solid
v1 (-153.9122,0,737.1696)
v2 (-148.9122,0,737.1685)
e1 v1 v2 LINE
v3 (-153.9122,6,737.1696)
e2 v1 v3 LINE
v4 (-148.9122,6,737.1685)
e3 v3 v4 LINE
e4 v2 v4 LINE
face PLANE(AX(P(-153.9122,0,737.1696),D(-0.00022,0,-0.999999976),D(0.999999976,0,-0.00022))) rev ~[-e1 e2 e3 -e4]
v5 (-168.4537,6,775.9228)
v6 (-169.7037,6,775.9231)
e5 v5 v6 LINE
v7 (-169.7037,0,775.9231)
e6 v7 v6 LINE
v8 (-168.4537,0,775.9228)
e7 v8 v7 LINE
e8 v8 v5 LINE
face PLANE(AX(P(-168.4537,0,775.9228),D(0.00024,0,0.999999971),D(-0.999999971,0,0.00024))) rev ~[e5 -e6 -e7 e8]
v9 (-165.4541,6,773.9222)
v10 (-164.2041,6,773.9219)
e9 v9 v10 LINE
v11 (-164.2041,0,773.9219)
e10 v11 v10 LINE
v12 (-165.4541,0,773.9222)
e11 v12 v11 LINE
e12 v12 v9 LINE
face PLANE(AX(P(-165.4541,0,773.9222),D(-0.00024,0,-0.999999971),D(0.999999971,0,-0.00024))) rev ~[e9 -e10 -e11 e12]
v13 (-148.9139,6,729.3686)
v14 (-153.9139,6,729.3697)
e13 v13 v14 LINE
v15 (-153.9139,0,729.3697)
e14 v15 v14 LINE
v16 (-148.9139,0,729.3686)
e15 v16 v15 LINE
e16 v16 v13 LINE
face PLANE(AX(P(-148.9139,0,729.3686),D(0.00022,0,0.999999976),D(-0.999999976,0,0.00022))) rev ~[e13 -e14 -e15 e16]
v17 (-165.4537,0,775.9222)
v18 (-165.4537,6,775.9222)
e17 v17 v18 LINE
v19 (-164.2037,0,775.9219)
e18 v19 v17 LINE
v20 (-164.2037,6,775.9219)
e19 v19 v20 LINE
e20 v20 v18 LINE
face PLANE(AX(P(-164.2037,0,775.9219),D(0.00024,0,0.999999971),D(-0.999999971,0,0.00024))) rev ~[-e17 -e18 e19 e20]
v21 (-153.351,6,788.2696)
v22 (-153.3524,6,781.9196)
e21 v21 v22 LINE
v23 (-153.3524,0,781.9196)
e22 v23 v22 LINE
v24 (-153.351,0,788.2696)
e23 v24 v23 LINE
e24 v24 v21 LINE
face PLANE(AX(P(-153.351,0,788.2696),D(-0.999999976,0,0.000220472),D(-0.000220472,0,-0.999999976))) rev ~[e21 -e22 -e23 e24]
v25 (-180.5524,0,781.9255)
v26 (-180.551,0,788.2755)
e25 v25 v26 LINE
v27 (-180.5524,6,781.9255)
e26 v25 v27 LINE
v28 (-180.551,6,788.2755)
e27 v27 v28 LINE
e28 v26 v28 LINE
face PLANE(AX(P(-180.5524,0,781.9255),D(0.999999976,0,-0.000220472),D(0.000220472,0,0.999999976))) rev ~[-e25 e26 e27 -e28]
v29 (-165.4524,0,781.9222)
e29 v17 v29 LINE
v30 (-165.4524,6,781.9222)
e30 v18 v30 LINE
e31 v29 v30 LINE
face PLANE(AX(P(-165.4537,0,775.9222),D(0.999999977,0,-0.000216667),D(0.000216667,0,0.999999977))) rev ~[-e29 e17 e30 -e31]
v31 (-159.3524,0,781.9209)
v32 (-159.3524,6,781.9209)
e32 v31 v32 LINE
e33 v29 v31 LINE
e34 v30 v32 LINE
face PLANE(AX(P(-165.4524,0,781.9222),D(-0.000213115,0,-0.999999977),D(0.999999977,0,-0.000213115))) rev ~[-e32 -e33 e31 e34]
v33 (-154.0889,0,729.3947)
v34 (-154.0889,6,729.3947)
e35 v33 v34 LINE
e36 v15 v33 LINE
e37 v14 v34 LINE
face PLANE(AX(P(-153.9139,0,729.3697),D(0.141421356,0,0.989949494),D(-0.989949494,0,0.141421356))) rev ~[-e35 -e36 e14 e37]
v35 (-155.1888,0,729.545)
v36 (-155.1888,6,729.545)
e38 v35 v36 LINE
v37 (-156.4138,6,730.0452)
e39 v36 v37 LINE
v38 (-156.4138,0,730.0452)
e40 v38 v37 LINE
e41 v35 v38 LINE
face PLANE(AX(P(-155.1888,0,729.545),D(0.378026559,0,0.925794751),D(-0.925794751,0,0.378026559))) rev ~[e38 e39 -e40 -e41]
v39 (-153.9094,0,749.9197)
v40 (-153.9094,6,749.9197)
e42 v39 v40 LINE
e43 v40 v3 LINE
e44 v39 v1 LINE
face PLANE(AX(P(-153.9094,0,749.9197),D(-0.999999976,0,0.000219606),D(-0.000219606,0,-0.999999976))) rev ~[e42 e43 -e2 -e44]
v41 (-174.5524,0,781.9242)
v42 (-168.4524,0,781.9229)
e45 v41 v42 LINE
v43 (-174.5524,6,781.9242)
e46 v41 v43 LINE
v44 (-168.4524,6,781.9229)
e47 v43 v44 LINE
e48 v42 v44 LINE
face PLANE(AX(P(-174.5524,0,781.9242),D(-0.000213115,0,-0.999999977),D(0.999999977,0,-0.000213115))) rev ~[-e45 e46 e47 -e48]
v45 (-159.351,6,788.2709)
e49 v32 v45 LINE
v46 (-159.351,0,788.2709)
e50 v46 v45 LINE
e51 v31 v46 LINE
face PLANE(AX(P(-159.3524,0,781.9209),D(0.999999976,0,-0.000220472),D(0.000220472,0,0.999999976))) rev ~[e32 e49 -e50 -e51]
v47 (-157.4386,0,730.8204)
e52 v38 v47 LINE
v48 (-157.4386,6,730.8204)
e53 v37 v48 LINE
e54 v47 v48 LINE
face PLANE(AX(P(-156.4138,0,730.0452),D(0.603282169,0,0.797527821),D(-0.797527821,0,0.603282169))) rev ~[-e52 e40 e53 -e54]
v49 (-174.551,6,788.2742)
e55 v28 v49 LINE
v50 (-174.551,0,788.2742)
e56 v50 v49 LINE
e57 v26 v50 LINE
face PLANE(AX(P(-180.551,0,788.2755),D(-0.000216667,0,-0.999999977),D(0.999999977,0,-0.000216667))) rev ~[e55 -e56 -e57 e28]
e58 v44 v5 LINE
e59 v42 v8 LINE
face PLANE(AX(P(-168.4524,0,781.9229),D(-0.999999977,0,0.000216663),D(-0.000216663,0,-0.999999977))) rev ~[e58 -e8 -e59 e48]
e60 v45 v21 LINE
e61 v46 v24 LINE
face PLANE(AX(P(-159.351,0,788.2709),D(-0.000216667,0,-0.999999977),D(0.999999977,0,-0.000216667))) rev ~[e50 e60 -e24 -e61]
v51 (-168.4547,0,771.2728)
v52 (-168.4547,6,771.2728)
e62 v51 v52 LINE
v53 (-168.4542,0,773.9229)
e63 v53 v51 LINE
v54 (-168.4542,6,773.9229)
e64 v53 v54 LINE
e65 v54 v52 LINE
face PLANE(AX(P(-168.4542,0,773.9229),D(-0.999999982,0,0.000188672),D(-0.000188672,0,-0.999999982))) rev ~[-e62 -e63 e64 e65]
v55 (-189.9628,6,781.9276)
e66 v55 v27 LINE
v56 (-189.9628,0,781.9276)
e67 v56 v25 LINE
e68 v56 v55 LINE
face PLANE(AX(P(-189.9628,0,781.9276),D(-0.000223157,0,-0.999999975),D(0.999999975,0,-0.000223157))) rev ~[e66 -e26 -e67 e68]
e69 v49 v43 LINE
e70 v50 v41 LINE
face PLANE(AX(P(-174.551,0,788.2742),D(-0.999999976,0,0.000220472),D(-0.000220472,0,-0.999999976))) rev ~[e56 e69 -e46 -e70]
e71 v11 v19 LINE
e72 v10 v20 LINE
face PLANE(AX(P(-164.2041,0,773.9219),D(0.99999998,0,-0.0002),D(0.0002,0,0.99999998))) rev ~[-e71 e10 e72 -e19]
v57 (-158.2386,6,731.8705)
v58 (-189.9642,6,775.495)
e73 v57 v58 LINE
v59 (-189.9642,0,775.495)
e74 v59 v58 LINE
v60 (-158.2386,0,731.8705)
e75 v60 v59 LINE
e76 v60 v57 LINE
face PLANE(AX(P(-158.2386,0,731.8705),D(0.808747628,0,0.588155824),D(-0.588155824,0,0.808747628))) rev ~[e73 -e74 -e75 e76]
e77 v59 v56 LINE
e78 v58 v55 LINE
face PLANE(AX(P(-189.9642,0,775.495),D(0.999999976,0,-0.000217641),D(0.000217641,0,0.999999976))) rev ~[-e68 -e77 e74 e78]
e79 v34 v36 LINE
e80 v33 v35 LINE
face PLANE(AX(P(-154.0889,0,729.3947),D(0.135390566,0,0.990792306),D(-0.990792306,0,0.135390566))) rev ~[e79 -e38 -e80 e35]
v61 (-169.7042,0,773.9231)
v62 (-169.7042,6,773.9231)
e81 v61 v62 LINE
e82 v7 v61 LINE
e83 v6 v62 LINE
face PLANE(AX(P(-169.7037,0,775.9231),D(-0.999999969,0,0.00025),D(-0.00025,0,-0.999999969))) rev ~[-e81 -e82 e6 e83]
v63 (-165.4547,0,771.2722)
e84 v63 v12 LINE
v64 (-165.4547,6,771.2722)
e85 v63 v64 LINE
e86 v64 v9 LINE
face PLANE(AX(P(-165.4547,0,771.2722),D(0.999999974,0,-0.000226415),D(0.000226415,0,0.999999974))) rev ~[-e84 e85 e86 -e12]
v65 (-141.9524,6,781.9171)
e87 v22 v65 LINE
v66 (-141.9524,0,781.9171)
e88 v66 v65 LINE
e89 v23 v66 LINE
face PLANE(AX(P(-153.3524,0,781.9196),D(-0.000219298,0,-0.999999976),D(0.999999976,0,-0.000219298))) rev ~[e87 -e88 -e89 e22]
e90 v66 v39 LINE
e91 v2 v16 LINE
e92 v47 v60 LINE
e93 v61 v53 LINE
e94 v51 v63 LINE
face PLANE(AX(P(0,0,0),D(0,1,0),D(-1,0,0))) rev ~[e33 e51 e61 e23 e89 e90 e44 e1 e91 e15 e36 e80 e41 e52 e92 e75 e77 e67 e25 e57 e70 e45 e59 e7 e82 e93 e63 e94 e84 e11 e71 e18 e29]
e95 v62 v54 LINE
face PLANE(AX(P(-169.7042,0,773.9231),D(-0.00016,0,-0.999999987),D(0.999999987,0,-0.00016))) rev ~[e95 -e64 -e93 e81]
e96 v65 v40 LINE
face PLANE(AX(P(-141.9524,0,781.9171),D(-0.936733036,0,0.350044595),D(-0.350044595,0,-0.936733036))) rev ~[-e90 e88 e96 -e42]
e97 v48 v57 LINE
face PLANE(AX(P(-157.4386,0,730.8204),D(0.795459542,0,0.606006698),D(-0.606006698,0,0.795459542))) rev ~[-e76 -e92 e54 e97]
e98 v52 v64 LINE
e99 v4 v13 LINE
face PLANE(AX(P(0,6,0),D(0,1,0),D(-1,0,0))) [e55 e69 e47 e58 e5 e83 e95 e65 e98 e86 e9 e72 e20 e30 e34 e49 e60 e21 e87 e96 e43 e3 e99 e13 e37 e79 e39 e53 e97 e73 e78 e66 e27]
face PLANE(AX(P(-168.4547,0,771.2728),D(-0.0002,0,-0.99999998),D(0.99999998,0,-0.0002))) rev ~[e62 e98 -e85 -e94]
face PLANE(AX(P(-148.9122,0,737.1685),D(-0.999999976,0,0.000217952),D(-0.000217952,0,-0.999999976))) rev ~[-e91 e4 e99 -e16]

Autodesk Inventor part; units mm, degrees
ref_plane "YZ Plane" through (0, 0, 0) normal (1, 0, 0) x (0, 1, 0)
ref_plane "XZ Plane" through (0, 0, 0) normal (0, 1, 0) x (-1, 0, 0)
ref_plane "XY Plane" through (0, 0, 0) normal (0, 0, 1) x (1, 0, 0)
sketch "Sketch1" plane through (0, 0, 0) normal (0, 1, 0) x (-1, 0, 0)
  line L0 (180.5524, 781.9255) -> (180.551, 788.2755)
  line L1 (180.551, 788.2755) -> (174.551, 788.2742)
  line L2 (174.551, 788.2742) -> (174.5524, 781.9242)
  line L3 (174.5524, 781.9242) -> (168.4524, 781.9229)
  line L4 (168.4524, 781.9229) -> (168.4537, 775.9228)
  line L5 (168.4537, 775.9228) -> (169.7037, 775.9231)
  line L6 (169.7037, 775.9231) -> (169.7042, 773.9231)
  line L7 (169.7042, 773.9231) -> (168.4542, 773.9229)
  line L8 (168.4542, 773.9229) -> (168.4547, 771.2728)
  line L9 (168.4547, 771.2728) -> (165.4547, 771.2722)
  line L10 (165.4547, 771.2722) -> (165.4541, 773.9222)
  line L11 (165.4541, 773.9222) -> (164.2041, 773.9219)
  line L12 (164.2041, 773.9219) -> (164.2037, 775.9219)
  line L13 (164.2037, 775.9219) -> (165.4537, 775.9222)
  line L14 (165.4537, 775.9222) -> (165.4524, 781.9222)
  line L15 (165.4524, 781.9222) -> (159.3524, 781.9209)
  line L16 (159.3524, 781.9209) -> (159.351, 788.2709)
  line L17 (159.351, 788.2709) -> (153.351, 788.2696)
  line L18 (153.351, 788.2696) -> (153.3524, 781.9196)
  line L19 (153.3524, 781.9196) -> (141.9524, 781.9171)
  line L20 (141.9524, 781.9171) -> (153.9094, 749.9197)
  line L21 (153.9094, 749.9197) -> (153.9122, 737.1696)
  line L22 (153.9122, 737.1696) -> (148.9122, 737.1685)
  line L23 (148.9122, 737.1685) -> (148.9139, 729.3686)
  line L24 (148.9139, 729.3686) -> (153.9139, 729.3697)
  line L25 (153.9139, 729.3697) -> (154.0889, 729.3947)
  line L26 (154.0889, 729.3947) -> (155.1888, 729.545)
  line L27 (155.1888, 729.545) -> (156.4138, 730.0452)
  line L28 (156.4138, 730.0452) -> (157.4386, 730.8204)
  line L29 (157.4386, 730.8204) -> (158.2386, 731.8705)
  line L30 (158.2386, 731.8705) -> (189.9642, 775.495)
  line L31 (189.9642, 775.495) -> (189.9628, 781.9276)
  line L32 (189.9628, 781.9276) -> (180.5524, 781.9255)
  point P0 (0, 0)
extrude "Extrusion1" add sketch "Sketch1" along normal blind 6
properties part number "Z Motor Mount Brace"
